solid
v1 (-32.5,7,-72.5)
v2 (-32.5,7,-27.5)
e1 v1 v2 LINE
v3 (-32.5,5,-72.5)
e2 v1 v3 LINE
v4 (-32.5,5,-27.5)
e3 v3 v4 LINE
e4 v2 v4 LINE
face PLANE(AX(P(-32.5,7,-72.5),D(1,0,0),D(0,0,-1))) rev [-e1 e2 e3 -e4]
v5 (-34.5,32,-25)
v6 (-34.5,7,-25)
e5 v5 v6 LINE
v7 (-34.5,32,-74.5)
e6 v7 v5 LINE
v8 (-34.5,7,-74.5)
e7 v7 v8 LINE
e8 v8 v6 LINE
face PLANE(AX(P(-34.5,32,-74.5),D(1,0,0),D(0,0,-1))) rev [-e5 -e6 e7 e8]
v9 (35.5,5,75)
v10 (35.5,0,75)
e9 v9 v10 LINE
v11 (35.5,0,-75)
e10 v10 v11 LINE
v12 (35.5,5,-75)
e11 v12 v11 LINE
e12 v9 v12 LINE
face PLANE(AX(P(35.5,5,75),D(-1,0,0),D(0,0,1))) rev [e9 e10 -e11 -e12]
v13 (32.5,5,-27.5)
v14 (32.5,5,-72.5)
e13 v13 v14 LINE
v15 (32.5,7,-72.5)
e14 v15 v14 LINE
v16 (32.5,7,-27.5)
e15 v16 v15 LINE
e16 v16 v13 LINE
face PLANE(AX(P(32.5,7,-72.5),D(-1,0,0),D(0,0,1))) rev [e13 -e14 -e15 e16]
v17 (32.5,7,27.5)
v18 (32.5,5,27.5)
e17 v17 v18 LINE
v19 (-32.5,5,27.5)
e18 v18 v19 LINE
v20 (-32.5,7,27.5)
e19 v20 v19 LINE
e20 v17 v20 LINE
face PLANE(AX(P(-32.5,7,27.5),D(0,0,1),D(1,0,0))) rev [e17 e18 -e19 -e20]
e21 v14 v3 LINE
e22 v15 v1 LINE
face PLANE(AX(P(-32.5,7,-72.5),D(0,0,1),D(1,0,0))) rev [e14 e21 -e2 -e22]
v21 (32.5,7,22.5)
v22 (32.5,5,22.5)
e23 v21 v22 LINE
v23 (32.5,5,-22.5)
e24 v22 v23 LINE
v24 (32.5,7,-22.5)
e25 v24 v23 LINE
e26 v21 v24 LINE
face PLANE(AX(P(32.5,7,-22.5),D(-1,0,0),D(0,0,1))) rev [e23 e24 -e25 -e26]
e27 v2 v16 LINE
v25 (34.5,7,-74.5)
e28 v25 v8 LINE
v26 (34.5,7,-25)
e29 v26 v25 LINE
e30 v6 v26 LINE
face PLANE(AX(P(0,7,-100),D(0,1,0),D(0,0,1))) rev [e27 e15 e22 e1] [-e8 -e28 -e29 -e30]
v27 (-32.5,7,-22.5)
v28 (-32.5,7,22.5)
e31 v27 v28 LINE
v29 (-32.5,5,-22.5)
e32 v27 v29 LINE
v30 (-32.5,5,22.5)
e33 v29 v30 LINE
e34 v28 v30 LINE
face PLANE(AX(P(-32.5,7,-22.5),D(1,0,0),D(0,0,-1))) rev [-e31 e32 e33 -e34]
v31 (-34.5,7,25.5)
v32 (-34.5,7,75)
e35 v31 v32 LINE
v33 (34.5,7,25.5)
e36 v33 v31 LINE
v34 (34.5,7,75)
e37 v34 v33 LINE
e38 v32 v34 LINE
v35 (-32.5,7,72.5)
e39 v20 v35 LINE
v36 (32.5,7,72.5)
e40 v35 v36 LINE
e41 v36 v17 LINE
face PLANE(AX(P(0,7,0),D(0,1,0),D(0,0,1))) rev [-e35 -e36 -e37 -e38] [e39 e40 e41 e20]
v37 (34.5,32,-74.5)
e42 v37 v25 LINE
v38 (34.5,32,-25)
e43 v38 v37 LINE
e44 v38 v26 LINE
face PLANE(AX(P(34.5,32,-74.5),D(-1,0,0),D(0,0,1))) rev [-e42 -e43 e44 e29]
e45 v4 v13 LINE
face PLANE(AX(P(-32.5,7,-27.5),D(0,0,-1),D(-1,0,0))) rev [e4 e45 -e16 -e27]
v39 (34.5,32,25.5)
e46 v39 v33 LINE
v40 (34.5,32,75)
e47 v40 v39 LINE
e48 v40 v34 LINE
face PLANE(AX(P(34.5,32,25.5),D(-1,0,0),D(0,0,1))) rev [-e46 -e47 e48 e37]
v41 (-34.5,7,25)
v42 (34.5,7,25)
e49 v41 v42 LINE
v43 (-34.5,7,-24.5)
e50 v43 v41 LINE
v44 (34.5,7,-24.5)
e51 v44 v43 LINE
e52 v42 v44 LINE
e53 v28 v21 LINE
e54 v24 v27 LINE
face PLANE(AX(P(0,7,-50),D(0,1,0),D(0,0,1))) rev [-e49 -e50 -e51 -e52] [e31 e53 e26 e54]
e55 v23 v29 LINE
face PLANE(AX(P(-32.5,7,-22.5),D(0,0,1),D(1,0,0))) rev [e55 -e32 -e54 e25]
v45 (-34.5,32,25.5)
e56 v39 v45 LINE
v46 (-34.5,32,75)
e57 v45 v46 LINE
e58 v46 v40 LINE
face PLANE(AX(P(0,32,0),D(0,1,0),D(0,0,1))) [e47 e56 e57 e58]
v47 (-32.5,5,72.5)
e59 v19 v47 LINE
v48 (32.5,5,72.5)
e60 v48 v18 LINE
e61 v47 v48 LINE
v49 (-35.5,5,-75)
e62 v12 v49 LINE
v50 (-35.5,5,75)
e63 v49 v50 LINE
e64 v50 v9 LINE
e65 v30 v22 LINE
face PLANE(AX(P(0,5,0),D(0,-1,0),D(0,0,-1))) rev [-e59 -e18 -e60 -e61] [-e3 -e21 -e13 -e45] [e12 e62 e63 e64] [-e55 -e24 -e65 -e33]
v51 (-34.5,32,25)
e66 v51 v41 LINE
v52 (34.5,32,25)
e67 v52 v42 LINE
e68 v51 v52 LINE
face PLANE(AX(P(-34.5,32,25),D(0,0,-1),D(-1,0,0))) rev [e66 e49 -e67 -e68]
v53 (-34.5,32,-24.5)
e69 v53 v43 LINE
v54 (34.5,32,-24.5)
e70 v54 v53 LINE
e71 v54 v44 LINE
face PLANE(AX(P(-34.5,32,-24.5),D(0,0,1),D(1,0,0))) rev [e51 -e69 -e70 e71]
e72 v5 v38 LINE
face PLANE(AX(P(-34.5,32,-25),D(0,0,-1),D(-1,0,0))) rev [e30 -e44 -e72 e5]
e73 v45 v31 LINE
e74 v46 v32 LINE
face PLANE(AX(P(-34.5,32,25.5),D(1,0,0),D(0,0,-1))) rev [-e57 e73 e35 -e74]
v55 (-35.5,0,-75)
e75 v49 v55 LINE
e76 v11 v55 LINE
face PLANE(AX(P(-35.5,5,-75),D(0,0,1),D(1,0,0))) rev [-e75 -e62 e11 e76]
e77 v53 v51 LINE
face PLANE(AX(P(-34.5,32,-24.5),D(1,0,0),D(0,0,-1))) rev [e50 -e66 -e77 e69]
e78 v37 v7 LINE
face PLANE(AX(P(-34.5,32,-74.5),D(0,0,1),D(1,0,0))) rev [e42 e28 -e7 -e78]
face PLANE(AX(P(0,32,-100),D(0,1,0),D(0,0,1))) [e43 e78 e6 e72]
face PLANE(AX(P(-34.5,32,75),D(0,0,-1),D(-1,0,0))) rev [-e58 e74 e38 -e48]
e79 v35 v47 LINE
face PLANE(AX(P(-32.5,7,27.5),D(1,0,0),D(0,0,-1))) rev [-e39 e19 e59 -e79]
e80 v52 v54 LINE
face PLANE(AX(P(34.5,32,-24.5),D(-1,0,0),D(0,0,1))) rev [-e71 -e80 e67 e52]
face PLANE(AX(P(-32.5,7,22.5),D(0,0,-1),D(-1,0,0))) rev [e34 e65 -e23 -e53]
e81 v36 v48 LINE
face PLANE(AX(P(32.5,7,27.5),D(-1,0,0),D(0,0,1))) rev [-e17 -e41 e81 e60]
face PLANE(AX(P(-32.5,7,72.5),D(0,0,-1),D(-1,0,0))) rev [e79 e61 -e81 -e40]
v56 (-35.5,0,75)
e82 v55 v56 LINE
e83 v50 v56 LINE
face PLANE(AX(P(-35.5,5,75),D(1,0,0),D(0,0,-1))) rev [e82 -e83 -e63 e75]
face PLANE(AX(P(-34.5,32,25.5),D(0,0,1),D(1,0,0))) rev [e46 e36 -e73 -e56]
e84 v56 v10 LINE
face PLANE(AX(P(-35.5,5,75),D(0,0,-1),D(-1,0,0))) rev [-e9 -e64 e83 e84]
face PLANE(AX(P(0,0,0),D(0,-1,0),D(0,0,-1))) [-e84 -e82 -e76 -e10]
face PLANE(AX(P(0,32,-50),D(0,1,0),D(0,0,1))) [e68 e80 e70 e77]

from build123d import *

# Parameters (mm, degrees)
SKETCH1_W           = 71
SKETCH1_H           = 150
BOSS_EXTRUDE1_DEPTH = 5
SKETCH2_W           = 65
SKETCH2_H           = 45
BOSS_EXTRUDE3_DEPTH = 2
LPATTERN1_COUNT     = 3
LPATTERN1_PITCH     = 50
SKETCH3_W           = 69
SKETCH3_H           = 49.5
BOSS_EXTRUDE8_DEPTH = 25
LPATTERN5_COUNT     = 3
LPATTERN5_PITCH     = 50


with BuildPart() as part:
    # Sketch1 → Boss-Extrude1 (new body)
    with BuildSketch(Plane(origin=(0, 0, 0), x_dir=(1, 0, 0), z_dir=(0, 1, 0))):
        Rectangle(SKETCH1_W, SKETCH1_H)
    extrude(amount=BOSS_EXTRUDE1_DEPTH)

    # Sketch2 → Boss-Extrude3 (add)
    with BuildSketch(Plane(origin=(0, 5, 0), x_dir=(1, 0, 0), z_dir=(0, 1, 0))):
        with Locations((0, -50)):
            Rectangle(SKETCH2_W, SKETCH2_H)
    boss_extrude3 = extrude(amount=BOSS_EXTRUDE3_DEPTH)

    # LPattern1: Boss-Extrude3 ×3
    with Locations(*[(0, 0, -i * LPATTERN1_PITCH) for i in range(1, LPATTERN1_COUNT)]):
        add(boss_extrude3)

    # Sketch3 → Boss-Extrude8 (add)
    with BuildSketch(Plane(origin=(0, 7, 0), x_dir=(1, 0, 0), z_dir=(0, 1, 0))):
        with Locations((0, -50.25)):
            Rectangle(SKETCH3_W, SKETCH3_H)
    boss_extrude8 = extrude(amount=BOSS_EXTRUDE8_DEPTH)

    # LPattern5: Boss-Extrude8 ×3
    with Locations(*[(0, 0, -i * LPATTERN5_PITCH) for i in range(1, LPATTERN5_COUNT)]):
        add(boss_extrude8)


solid = part.part
